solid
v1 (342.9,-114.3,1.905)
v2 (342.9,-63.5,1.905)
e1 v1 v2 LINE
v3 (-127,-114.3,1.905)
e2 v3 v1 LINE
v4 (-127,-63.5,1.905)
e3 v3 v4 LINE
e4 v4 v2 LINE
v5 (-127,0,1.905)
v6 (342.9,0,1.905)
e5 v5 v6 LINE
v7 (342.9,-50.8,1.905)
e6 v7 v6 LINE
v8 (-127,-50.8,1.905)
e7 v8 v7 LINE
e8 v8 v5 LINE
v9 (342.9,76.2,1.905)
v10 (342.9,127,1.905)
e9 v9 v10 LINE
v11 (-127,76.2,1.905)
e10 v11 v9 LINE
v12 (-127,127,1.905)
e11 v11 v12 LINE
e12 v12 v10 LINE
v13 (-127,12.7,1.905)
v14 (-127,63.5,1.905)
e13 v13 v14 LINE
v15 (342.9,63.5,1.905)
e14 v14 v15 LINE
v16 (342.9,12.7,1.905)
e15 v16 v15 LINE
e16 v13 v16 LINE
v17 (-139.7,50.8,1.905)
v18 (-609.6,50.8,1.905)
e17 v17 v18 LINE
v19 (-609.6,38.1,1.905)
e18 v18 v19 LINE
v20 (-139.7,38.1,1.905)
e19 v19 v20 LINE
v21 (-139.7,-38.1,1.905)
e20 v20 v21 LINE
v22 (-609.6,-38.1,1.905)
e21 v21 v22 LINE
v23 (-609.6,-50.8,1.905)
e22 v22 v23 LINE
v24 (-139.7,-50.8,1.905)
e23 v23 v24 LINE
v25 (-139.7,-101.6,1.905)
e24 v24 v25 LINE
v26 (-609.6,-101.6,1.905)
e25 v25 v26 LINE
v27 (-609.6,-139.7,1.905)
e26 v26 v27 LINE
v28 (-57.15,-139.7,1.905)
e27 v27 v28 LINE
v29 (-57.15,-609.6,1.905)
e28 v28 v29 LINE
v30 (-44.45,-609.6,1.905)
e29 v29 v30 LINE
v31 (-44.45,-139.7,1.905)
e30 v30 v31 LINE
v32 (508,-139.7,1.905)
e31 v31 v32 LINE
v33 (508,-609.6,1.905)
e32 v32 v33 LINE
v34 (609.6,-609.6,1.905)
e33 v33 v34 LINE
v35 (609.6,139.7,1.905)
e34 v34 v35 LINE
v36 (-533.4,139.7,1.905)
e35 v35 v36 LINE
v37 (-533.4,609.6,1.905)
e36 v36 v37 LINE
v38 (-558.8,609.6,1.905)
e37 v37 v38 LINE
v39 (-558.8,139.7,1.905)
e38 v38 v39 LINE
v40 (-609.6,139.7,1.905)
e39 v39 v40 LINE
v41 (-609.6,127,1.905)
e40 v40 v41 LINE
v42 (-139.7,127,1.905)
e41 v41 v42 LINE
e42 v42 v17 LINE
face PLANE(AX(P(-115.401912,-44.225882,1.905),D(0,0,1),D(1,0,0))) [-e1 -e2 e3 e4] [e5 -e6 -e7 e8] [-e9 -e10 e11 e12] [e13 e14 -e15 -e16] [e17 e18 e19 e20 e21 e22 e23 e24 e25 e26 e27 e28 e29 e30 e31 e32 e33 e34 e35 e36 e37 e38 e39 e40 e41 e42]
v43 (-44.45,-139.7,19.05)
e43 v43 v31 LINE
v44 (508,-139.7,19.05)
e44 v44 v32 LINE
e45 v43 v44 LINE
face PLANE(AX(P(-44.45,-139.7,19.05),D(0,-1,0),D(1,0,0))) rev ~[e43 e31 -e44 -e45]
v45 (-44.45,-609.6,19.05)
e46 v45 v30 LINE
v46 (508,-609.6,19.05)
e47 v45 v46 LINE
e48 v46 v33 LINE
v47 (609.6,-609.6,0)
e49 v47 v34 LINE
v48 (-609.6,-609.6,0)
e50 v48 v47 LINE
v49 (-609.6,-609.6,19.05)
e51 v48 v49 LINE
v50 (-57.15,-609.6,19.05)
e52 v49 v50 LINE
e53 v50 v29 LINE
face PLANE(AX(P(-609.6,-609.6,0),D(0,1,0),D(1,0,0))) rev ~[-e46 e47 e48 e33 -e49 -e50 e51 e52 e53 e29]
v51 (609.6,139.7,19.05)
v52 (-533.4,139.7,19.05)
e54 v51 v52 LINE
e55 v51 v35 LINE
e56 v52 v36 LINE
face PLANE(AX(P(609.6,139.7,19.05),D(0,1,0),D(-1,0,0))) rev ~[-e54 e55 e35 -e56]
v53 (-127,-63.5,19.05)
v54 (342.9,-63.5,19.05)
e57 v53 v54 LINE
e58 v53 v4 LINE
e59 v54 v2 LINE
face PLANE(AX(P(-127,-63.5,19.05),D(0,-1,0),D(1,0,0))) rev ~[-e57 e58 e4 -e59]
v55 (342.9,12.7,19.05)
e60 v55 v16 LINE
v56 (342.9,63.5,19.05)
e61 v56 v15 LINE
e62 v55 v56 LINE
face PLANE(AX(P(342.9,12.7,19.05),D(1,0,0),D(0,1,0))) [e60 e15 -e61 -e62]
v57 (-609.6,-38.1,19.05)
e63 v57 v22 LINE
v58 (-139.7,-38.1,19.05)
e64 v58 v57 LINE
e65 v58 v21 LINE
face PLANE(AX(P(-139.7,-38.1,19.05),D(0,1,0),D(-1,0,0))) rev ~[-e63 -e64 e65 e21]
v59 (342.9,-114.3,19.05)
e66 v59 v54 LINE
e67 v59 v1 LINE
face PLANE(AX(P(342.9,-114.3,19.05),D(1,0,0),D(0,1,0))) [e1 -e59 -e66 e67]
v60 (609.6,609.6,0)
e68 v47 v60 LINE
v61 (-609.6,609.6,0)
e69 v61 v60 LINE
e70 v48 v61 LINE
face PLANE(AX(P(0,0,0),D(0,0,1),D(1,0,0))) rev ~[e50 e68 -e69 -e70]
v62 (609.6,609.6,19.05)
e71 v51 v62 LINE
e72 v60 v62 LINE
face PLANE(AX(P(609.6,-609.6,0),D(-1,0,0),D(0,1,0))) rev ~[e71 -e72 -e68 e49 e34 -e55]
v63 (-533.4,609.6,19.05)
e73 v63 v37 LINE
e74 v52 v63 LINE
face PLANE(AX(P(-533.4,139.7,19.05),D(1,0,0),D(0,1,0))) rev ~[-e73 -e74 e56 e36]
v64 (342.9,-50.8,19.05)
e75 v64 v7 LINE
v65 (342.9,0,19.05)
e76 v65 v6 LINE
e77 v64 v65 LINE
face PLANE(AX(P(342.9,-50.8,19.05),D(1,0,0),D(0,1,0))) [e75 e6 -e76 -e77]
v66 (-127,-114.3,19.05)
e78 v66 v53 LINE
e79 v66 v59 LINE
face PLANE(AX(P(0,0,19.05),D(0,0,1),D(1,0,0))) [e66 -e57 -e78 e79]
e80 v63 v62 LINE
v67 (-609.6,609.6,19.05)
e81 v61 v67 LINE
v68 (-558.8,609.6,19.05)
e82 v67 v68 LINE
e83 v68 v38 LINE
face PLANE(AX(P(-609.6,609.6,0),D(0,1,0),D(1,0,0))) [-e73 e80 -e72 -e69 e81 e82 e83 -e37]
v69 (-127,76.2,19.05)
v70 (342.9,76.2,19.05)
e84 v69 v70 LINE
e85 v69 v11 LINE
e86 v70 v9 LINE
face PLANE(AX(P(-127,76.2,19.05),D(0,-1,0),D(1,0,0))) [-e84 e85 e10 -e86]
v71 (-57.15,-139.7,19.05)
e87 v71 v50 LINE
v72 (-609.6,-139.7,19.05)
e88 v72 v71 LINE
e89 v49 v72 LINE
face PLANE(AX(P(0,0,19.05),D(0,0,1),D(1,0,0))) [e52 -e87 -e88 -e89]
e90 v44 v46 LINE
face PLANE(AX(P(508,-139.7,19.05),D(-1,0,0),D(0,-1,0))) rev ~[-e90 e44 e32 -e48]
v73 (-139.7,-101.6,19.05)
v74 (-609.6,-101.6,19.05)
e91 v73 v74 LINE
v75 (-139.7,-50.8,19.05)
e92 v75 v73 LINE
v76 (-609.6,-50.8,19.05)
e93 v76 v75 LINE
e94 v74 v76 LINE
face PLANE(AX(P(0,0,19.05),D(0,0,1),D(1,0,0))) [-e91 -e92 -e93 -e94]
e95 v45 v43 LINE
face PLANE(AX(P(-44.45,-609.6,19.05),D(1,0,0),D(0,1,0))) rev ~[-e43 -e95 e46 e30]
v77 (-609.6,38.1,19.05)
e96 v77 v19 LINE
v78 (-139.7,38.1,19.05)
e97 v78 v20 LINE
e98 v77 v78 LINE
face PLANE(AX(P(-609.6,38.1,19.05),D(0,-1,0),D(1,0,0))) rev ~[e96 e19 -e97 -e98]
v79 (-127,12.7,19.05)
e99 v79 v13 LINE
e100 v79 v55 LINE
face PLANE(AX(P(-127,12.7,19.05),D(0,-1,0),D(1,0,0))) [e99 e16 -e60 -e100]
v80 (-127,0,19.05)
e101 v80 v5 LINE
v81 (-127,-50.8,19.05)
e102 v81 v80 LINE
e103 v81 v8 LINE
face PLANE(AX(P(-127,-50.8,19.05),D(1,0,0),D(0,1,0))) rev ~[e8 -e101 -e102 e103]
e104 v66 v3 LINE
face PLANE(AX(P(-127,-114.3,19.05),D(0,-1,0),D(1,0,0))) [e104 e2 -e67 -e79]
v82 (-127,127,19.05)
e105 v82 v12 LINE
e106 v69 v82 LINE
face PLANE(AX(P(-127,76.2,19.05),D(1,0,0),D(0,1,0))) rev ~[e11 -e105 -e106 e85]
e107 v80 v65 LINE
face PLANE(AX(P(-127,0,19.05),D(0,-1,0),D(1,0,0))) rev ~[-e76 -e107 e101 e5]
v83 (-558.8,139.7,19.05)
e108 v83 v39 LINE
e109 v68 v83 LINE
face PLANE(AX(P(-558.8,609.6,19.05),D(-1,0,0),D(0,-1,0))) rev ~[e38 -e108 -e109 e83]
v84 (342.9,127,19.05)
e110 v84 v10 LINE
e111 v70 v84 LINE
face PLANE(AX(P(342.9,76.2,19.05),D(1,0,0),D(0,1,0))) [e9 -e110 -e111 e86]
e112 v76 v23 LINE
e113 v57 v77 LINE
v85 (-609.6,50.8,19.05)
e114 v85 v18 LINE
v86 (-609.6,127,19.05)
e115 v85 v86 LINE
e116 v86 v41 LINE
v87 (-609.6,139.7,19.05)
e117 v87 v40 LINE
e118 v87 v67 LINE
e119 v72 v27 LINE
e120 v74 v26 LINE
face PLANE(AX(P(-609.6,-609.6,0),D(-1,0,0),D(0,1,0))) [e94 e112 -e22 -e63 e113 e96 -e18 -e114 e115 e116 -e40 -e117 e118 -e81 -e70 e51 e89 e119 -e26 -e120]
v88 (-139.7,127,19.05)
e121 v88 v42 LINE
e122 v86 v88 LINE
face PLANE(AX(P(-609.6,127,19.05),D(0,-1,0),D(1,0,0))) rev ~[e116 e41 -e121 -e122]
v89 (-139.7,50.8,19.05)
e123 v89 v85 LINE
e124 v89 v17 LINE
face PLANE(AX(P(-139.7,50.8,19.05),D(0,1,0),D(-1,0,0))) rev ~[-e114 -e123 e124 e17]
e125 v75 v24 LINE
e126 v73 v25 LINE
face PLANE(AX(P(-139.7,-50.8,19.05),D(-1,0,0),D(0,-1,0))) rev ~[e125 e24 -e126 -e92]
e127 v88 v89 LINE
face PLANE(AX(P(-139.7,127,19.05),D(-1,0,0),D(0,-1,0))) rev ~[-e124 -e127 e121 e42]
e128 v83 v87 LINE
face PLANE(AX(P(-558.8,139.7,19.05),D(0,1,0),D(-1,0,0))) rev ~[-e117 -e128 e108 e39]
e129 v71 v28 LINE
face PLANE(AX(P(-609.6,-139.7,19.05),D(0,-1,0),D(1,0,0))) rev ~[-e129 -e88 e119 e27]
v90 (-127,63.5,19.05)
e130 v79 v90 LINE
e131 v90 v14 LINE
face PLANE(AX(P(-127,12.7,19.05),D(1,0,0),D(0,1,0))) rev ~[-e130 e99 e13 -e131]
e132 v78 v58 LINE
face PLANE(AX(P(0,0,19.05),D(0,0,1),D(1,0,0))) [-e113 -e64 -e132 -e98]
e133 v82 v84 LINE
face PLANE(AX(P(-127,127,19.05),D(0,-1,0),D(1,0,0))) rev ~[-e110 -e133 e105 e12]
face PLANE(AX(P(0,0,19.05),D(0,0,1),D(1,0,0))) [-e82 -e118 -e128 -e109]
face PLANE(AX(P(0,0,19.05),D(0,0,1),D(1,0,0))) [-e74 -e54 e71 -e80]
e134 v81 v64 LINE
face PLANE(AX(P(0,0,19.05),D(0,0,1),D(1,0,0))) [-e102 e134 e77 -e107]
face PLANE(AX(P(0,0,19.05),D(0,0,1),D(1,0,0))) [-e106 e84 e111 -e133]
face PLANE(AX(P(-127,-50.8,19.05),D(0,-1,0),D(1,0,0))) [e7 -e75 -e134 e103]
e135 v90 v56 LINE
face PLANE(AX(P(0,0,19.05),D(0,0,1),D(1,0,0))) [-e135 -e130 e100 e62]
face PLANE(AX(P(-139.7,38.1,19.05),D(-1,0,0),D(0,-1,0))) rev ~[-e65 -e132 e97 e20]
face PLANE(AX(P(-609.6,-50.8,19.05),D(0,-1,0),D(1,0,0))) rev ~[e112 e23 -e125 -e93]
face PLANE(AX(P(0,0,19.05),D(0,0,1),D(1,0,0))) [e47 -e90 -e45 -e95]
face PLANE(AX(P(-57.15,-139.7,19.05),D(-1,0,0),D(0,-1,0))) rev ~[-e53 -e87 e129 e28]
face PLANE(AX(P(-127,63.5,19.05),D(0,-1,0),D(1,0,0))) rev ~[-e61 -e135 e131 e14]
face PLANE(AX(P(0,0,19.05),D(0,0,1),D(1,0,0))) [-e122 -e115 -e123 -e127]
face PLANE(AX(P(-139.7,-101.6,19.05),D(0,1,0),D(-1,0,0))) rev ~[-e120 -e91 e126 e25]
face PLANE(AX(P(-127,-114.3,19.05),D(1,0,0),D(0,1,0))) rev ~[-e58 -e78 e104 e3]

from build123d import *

# Parameters (mm, degrees)
F0_W     = 1219.2
F0_H     = 1219.2
F1_DEPTH = 19.05
F2_W     = 469.9
F2_H     = 50.8
F3_DEPTH = 17.145


with BuildPart() as f1:
    # F0 (on Top) → F1 (new body)
    with BuildSketch(Plane.XY):
        Rectangle(F0_W, F0_H)
    extrude(amount=F1_DEPTH)

    # F2 (on face) → F3 (cut)
    with BuildSketch(Plane.XY.offset(19.05)):
        Polygon((-533.4, 139.7), (-533.4, 609.6), (-558.8, 609.6), (-558.8, 139.7), (-609.6, 139.7), (-609.6, 127), (-139.7, 127), (-139.7, 50.8), (-609.6, 50.8), (-609.6, 38.1), (-139.7, 38.1), (-139.7, -38.1), (-609.6, -38.1), (-609.6, -50.8), (-139.7, -50.8), (-139.7, -101.6), (-609.6, -101.6), (-609.6, -139.7), (-57.15, -139.7), (-57.15, -609.6), (-44.45, -609.6), (-44.45, -139.7), (508, -139.7), (508, -609.6), (609.6, -609.6), (609.6, 139.7), align=None)
        with Locations((107.95, -88.9)):
            Rectangle(F2_W, F2_H, mode=Mode.SUBTRACT)
        with Locations((107.95, -25.4)):
            Rectangle(F2_W, F2_H, mode=Mode.SUBTRACT)
        with Locations((107.95, 38.1)):
            Rectangle(F2_W, F2_H, mode=Mode.SUBTRACT)
        with Locations((107.95, 101.6)):
            Rectangle(F2_W, F2_H, mode=Mode.SUBTRACT)
    extrude(amount=-F3_DEPTH, mode=Mode.SUBTRACT)


solid = f1.part
